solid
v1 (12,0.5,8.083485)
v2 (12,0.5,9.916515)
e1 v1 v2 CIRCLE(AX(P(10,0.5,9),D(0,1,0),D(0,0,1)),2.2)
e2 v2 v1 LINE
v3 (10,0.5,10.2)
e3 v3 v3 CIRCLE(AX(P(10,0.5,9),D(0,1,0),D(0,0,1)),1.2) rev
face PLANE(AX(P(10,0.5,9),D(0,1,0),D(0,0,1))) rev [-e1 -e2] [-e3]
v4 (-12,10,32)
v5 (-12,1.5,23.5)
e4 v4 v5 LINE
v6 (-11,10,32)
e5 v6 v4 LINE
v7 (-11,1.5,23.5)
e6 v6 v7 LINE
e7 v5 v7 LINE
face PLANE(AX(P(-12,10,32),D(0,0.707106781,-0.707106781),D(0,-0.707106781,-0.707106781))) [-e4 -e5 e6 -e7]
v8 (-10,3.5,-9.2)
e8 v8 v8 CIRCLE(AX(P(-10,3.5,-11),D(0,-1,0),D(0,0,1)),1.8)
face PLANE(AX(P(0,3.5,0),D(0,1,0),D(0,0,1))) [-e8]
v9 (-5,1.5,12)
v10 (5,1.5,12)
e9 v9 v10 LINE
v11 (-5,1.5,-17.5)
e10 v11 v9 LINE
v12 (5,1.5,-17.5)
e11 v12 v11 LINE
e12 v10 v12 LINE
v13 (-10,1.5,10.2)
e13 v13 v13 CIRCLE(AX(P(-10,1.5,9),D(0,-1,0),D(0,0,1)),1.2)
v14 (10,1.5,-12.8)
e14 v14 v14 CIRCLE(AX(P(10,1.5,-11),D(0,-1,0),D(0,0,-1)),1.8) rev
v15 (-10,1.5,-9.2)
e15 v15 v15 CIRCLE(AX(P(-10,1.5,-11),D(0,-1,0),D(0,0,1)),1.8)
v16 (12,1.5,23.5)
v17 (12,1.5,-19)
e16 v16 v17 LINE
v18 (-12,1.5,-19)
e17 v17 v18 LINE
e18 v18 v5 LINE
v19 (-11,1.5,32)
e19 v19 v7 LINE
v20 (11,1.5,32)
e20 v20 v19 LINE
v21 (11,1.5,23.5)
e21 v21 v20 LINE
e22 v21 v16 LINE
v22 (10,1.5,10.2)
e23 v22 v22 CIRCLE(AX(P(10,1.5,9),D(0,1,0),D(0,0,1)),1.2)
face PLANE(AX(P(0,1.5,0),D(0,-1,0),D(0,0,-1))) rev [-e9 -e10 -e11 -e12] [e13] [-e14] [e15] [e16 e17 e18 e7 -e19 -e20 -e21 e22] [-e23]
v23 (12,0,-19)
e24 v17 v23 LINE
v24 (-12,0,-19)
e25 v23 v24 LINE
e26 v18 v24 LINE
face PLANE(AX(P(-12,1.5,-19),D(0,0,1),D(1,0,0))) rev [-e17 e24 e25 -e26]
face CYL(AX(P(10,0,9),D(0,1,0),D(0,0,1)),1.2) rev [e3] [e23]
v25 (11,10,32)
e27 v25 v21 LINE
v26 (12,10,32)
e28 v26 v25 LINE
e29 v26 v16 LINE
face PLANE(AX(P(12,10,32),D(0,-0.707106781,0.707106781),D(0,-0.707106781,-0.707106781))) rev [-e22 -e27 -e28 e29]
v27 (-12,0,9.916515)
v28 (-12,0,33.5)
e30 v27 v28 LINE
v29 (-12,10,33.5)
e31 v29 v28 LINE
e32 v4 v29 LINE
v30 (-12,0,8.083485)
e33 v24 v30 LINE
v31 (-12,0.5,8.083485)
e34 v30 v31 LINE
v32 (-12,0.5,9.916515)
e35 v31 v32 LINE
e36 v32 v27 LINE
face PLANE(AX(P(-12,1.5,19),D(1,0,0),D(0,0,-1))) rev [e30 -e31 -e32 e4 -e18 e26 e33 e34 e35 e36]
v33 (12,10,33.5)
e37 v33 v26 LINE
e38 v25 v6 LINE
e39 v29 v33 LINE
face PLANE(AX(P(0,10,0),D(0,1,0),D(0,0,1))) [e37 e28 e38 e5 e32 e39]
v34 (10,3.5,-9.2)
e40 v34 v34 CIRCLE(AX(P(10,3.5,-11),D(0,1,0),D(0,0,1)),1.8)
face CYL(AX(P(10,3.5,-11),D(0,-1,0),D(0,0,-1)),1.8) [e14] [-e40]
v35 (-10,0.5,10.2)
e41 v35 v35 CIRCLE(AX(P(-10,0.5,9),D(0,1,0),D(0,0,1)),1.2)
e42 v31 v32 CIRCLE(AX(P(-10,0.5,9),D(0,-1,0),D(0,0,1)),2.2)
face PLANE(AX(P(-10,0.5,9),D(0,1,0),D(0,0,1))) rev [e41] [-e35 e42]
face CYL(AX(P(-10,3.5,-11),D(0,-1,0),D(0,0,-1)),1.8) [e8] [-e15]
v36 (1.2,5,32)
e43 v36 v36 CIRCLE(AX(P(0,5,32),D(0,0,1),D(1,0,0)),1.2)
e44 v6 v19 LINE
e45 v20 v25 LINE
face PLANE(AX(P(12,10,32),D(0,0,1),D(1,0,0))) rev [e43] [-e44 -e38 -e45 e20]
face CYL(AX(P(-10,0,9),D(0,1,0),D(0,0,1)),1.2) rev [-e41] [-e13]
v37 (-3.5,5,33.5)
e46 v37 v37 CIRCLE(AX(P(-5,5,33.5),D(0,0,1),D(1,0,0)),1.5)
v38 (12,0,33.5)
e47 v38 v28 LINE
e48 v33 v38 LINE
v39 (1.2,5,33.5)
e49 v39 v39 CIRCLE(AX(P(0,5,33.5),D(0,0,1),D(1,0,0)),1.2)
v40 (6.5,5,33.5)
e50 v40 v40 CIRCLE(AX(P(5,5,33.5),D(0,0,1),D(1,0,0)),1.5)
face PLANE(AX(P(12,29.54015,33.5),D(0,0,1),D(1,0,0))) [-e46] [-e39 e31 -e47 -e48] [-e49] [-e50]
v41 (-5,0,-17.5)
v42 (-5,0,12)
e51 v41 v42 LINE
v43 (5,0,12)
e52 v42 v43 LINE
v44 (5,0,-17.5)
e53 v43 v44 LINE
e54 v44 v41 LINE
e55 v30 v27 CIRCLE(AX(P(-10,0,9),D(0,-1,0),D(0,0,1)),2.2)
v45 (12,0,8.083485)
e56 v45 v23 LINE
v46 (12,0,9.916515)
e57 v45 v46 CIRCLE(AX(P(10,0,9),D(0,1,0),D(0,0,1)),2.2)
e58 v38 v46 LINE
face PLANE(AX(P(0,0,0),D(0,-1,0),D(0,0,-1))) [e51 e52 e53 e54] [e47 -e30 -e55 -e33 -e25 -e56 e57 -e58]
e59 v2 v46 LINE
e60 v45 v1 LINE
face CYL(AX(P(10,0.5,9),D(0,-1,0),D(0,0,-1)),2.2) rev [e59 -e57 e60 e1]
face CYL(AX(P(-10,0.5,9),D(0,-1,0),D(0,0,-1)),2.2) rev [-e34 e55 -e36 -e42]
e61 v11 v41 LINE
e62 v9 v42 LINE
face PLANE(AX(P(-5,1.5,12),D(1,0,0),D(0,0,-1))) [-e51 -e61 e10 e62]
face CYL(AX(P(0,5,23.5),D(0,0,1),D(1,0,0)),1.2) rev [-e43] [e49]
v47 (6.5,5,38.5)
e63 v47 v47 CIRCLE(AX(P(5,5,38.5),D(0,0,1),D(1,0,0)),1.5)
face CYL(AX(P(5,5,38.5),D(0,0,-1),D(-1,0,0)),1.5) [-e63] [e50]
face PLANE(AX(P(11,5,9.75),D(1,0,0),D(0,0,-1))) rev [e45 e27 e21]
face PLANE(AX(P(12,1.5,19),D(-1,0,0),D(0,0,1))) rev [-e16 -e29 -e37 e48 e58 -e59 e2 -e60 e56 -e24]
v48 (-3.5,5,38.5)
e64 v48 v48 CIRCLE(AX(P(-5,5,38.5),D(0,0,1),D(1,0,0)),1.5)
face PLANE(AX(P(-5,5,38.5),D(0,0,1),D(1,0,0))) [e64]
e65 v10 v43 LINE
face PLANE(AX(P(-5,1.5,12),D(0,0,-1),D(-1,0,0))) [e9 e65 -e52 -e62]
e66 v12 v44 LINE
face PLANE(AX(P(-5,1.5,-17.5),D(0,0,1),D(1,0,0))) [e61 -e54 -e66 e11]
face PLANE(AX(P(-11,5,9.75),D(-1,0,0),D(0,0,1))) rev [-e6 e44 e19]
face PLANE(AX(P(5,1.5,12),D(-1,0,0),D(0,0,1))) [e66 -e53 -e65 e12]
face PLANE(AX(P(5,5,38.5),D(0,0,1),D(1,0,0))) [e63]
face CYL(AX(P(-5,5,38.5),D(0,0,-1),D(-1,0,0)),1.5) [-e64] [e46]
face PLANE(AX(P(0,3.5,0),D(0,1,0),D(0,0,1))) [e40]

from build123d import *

# Parameters (mm, degrees)
ESQUISSE1_W             = 24
ESQUISSE1_H             = 38
ESQUISSE1_W_2           = 10
ESQUISSE1_H_2           = 29.5
SHAPE_DEPTH             = 1.5
ESQUISSE2_R             = 1.2
VISHOLES_DEPTH          = 1.5
ESQUISSE3_R             = 1.8
LOCKERS_DEPTH           = 2
ESQUISSE4_R             = 2.2
SCREWHATREMOVER_DEPTH   = 0.5
ESQUISSE6_W             = 24
ESQUISSE6_H             = 14.5
RALLONGE_DEPTH          = 1.5
ESQUISSE7_W             = 24
ESQUISSE7_H             = 1.5
BOSS_EXTRU_2_DEPTH      = 8.5
ESQUISSE8_R             = 1.2
ENL_V_MAT_EXTRU_1_DEPTH = 10
ESQUISSE9_R             = 1.5
BOSS_EXTRU_3_DEPTH      = 5
NERVURE11_REACH         = 48.457
ESQUISSE12_WALL_W       = 106.934753954
ESQUISSE12_WALL_H       = 1


with BuildPart() as part:
    # Esquisse1 → Shape (new body)
    with BuildSketch(Plane(origin=(0, 0, 0), x_dir=(1, 0, 0), z_dir=(0, 1, 0))):
        Rectangle(ESQUISSE1_W, ESQUISSE1_H)
        with Locations((0, 2.75)):
            Rectangle(ESQUISSE1_W_2, ESQUISSE1_H_2, mode=Mode.SUBTRACT)
    extrude(amount=SHAPE_DEPTH)

    # Esquisse2 → VisHoles (cut)
    with BuildSketch(Plane(origin=(0, 1.5, 0), x_dir=(1, 0, 0), z_dir=(0, 1, 0))):
        with Locations(Location((10, -9, 0), (0, 0, 270))):
            Circle(ESQUISSE2_R)
    visholes = extrude(amount=-VISHOLES_DEPTH, mode=Mode.SUBTRACT)

    # Esquisse3 → Lockers (add)
    with BuildSketch(Plane(origin=(0, 1.5, 0), x_dir=(1, 0, 0), z_dir=(0, 1, 0))):
        with Locations(Location((10, 11, 0), (0, 0, 90))):
            Circle(ESQUISSE3_R)
    lockers = extrude(amount=LOCKERS_DEPTH)

    # Esquisse4 → ScrewHatRemover (cut)
    with BuildSketch(Plane(origin=(0, 0, 0), x_dir=(1, 0, 0), z_dir=(0, 1, 0))):
        with Locations((10, -9)):
            Circle(ESQUISSE4_R)
    screwhatremover = extrude(amount=SCREWHATREMOVER_DEPTH, mode=Mode.SUBTRACT)

    # Symétrie1: VisHoles, Lockers, ScrewHatRemover across plane
    add(visholes.mirror(Plane(origin=(0, 0, 0), x_dir=(0, 0, 1), z_dir=(1, 0, 0))), mode=Mode.SUBTRACT)
    add(lockers.mirror(Plane(origin=(0, 0, 0), x_dir=(0, 0, 1), z_dir=(1, 0, 0))))
    add(screwhatremover.mirror(Plane(origin=(0, 0, 0), x_dir=(0, 0, 1), z_dir=(1, 0, 0))), mode=Mode.SUBTRACT)

    # Esquisse6 → Rallonge (add)
    with BuildSketch(Plane.XZ):
        with Locations((0, 26.25)):
            Rectangle(ESQUISSE6_W, ESQUISSE6_H)
    extrude(amount=-RALLONGE_DEPTH)

    # Esquisse7 → Boss.-Extru.2 (add)
    with BuildSketch(Plane(origin=(0, 1.5, 0), x_dir=(1, 0, 0), z_dir=(0, 1, 0))):
        with Locations((0, -32.75)):
            Rectangle(ESQUISSE7_W, ESQUISSE7_H)
    extrude(amount=BOSS_EXTRU_2_DEPTH)

    # Esquisse8 → Enlèv. mat.-Extru.1 (cut)
    with BuildSketch(Plane.XY.offset(33.5)):
        with Locations((0, 5)):
            Circle(ESQUISSE8_R)
    extrude(amount=-ENL_V_MAT_EXTRU_1_DEPTH, mode=Mode.SUBTRACT)

    # Esquisse9 → Boss.-Extru.3 (add)
    with BuildSketch(Plane.XY.offset(33.5)):
        with Locations((5, 5)):
            Circle(ESQUISSE9_R)
        with Locations((-5, 5)):
            Circle(ESQUISSE9_R)
    extrude(amount=BOSS_EXTRU_3_DEPTH)

    # Esquisse12 wall → Nervure11 (add, up to next)
    with BuildSketch(Plane(origin=(-12, 5.75, 27.75), x_dir=(0, -0.707106781187, -0.707106781187), z_dir=(0, -0.707106781187, 0.707106781187)), mode=Mode.PRIVATE) as nervure11_sk1:
        with Locations((0, 0.5)):
            Rectangle(ESQUISSE12_WALL_W, ESQUISSE12_WALL_H)
    nervure11_tool1 = extrude(nervure11_sk1.sketch, amount=NERVURE11_REACH, mode=Mode.PRIVATE) - part.part
    nervure11 = nervure11_tool1.solids().sort_by_distance((-12, 5.75, 27.75))[0]
    add(nervure11)

    # Symétrie2: Nervure11 across plane
    add(nervure11.mirror(Plane(origin=(0, 0, 0), x_dir=(0, 0, 1), z_dir=(1, 0, 0))))


solid = part.part
